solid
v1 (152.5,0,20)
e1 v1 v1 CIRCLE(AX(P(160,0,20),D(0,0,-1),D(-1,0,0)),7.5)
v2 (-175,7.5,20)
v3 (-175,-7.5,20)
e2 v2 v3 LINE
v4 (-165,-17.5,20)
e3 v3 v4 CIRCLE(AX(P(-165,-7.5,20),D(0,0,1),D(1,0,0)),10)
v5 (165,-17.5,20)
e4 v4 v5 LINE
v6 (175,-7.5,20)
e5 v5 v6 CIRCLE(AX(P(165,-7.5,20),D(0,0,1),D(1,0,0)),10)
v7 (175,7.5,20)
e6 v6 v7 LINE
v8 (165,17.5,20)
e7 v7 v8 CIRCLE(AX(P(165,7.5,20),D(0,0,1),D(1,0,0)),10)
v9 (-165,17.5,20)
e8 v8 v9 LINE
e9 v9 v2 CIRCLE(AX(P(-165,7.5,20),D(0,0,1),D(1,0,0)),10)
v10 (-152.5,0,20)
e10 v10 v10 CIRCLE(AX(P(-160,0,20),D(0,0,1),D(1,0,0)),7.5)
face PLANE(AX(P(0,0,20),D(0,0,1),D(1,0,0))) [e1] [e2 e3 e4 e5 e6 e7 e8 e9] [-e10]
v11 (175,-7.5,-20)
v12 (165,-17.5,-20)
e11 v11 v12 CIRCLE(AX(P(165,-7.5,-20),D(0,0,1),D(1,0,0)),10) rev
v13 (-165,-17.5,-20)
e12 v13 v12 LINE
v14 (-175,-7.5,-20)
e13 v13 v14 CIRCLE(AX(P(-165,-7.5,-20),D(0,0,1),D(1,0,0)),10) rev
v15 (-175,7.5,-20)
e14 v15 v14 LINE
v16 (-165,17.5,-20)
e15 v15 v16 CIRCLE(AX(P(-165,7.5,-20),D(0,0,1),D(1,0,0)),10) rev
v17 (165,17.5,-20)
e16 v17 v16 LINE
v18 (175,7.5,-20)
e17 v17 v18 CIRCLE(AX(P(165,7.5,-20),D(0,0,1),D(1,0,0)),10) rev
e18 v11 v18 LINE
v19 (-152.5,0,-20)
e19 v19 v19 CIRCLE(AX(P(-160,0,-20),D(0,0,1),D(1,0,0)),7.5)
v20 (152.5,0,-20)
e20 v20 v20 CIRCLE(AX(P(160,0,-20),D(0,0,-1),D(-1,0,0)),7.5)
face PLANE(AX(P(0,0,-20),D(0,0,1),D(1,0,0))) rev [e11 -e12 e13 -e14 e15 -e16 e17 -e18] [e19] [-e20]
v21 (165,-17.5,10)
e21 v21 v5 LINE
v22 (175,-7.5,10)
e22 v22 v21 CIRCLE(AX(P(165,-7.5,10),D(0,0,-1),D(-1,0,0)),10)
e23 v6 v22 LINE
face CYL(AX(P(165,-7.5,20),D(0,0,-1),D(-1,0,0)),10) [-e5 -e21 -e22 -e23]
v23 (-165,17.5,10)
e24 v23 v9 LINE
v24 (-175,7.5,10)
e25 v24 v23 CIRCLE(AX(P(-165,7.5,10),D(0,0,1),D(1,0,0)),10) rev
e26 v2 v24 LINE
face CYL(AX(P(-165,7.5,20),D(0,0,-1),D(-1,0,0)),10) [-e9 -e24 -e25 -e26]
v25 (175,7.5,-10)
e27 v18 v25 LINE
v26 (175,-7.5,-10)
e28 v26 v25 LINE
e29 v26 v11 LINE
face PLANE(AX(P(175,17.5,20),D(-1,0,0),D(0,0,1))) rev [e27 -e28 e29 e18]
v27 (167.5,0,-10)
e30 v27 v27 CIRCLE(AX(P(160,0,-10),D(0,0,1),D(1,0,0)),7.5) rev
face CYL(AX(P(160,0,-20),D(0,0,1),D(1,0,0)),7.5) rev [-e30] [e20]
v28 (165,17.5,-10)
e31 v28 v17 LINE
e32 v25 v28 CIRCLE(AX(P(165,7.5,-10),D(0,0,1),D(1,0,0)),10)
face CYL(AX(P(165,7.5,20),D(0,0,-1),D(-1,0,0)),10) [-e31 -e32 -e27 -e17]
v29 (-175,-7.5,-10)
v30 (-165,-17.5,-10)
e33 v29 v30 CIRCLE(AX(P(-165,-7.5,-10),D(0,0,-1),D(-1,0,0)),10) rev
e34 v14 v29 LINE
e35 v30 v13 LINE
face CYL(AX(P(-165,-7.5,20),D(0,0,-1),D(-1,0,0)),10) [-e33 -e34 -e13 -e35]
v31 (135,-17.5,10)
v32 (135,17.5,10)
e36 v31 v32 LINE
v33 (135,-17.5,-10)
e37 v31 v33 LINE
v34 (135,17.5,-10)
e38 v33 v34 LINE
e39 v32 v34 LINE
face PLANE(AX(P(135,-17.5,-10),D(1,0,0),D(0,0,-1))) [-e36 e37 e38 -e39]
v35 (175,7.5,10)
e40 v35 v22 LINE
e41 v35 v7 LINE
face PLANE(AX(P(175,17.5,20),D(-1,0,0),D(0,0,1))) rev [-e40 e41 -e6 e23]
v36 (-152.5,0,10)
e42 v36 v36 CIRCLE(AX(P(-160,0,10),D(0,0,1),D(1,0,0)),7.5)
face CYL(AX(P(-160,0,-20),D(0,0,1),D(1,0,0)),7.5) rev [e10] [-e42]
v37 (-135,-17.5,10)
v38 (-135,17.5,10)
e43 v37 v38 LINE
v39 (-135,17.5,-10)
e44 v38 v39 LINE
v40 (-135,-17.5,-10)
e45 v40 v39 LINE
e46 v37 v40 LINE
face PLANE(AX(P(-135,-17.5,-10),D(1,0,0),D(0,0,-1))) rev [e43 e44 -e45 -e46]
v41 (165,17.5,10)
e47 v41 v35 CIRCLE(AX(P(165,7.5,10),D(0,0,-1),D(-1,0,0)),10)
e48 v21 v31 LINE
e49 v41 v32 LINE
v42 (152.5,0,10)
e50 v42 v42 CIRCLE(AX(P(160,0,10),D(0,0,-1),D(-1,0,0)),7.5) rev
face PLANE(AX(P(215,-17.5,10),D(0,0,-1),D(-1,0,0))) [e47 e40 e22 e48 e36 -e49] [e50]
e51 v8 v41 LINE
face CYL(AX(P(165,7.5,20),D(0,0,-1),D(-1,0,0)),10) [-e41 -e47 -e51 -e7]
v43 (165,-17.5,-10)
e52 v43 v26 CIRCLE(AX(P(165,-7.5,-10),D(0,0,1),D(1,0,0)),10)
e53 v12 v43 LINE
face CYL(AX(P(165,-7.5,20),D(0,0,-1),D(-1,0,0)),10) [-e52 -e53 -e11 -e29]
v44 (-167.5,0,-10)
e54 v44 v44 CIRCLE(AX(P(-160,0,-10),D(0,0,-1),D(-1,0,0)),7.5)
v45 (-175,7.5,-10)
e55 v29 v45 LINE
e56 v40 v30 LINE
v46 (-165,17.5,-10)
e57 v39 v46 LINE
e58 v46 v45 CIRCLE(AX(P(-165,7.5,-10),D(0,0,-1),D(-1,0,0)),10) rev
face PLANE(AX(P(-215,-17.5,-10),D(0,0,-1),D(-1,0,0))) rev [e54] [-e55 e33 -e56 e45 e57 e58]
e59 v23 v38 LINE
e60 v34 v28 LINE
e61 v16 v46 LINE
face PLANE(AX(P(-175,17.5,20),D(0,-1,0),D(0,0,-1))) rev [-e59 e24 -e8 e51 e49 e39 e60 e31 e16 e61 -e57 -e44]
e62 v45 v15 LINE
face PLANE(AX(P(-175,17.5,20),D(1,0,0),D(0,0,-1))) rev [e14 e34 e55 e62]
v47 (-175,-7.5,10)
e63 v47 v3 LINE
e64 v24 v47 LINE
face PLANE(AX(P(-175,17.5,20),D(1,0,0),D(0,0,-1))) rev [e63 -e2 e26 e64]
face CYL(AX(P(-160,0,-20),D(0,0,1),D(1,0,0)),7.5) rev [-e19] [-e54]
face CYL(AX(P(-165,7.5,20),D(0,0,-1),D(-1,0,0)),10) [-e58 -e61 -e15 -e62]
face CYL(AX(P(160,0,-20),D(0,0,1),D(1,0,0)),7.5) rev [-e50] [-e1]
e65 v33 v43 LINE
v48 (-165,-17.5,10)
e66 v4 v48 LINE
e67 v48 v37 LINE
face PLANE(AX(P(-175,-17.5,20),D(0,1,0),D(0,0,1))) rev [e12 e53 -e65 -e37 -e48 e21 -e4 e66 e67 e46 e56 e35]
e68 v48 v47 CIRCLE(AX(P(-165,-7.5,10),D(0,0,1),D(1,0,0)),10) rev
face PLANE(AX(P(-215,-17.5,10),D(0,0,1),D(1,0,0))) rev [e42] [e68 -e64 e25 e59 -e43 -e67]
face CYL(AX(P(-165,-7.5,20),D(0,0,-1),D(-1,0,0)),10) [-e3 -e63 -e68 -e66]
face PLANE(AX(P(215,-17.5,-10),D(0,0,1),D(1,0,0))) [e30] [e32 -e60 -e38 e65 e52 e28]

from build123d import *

# Parameters (mm, degrees)
SKETCH1_W           = 350
SKETCH1_H           = 35
BOSS_EXTRUDE1_DEPTH = 20
SKETCH2_W           = 80
SKETCH2_H           = 20
CUT_EXTRUDE1_DEPTH  = 178.006355818
SKETCH4_R           = 7.5
CUT_EXTRUDE2_DEPTH  = 178.006355818
FILLET1_R           = 10
FILLET2_R           = 10


with BuildPart() as part:
    # Sketch1 → Boss-Extrude1 (new, symmetric)
    with BuildSketch(Plane.XY):
        Rectangle(SKETCH1_W, SKETCH1_H)
    extrude(amount=BOSS_EXTRUDE1_DEPTH, both=True)

    # Sketch2 → Cut-Extrude1 (cut, symmetric)
    with BuildSketch(Plane(origin=(0, 0, 0), x_dir=(1, 0, 0), z_dir=(0, 1, 0))):
        with Locations((-175, 0)):
            Rectangle(SKETCH2_W, SKETCH2_H)
    cut_extrude1 = extrude(amount=CUT_EXTRUDE1_DEPTH, both=True, mode=Mode.SUBTRACT)

    # Sketch4 → Cut-Extrude2 (cut, symmetric)
    with BuildSketch(Plane.XY):
        with Locations((-160, 0)):
            Circle(SKETCH4_R)
    cut_extrude2 = extrude(amount=CUT_EXTRUDE2_DEPTH, both=True, mode=Mode.SUBTRACT)

    # Fillet1
    fillet1_edges = [part.edges().sort_by_distance(p)[0] for p in [
        (-175, -17.5, -15),
        (-175, 17.5, -15),
        (-175, -17.5, 15),
        (-175, 17.5, 15),
    ]]
    fillet(fillet1_edges, radius=FILLET1_R)

    # Mirror3: Cut-Extrude1, Cut-Extrude2 across plane
    add(cut_extrude1.mirror(Plane(origin=(0, 0, 0), x_dir=(0, 0, 1), z_dir=(1, 0, 0))), mode=Mode.SUBTRACT)
    add(cut_extrude2.mirror(Plane(origin=(0, 0, 0), x_dir=(0, 0, 1), z_dir=(1, 0, 0))), mode=Mode.SUBTRACT)

    # Fillet2
    fillet2_edges = [part.edges().sort_by_distance(p)[0] for p in [
        (175, -17.5, -15),
        (175, 17.5, -15),
        (175, -17.5, 15),
        (175, 17.5, 15),
    ]]
    fillet(fillet2_edges, radius=FILLET2_R)


solid = part.part
